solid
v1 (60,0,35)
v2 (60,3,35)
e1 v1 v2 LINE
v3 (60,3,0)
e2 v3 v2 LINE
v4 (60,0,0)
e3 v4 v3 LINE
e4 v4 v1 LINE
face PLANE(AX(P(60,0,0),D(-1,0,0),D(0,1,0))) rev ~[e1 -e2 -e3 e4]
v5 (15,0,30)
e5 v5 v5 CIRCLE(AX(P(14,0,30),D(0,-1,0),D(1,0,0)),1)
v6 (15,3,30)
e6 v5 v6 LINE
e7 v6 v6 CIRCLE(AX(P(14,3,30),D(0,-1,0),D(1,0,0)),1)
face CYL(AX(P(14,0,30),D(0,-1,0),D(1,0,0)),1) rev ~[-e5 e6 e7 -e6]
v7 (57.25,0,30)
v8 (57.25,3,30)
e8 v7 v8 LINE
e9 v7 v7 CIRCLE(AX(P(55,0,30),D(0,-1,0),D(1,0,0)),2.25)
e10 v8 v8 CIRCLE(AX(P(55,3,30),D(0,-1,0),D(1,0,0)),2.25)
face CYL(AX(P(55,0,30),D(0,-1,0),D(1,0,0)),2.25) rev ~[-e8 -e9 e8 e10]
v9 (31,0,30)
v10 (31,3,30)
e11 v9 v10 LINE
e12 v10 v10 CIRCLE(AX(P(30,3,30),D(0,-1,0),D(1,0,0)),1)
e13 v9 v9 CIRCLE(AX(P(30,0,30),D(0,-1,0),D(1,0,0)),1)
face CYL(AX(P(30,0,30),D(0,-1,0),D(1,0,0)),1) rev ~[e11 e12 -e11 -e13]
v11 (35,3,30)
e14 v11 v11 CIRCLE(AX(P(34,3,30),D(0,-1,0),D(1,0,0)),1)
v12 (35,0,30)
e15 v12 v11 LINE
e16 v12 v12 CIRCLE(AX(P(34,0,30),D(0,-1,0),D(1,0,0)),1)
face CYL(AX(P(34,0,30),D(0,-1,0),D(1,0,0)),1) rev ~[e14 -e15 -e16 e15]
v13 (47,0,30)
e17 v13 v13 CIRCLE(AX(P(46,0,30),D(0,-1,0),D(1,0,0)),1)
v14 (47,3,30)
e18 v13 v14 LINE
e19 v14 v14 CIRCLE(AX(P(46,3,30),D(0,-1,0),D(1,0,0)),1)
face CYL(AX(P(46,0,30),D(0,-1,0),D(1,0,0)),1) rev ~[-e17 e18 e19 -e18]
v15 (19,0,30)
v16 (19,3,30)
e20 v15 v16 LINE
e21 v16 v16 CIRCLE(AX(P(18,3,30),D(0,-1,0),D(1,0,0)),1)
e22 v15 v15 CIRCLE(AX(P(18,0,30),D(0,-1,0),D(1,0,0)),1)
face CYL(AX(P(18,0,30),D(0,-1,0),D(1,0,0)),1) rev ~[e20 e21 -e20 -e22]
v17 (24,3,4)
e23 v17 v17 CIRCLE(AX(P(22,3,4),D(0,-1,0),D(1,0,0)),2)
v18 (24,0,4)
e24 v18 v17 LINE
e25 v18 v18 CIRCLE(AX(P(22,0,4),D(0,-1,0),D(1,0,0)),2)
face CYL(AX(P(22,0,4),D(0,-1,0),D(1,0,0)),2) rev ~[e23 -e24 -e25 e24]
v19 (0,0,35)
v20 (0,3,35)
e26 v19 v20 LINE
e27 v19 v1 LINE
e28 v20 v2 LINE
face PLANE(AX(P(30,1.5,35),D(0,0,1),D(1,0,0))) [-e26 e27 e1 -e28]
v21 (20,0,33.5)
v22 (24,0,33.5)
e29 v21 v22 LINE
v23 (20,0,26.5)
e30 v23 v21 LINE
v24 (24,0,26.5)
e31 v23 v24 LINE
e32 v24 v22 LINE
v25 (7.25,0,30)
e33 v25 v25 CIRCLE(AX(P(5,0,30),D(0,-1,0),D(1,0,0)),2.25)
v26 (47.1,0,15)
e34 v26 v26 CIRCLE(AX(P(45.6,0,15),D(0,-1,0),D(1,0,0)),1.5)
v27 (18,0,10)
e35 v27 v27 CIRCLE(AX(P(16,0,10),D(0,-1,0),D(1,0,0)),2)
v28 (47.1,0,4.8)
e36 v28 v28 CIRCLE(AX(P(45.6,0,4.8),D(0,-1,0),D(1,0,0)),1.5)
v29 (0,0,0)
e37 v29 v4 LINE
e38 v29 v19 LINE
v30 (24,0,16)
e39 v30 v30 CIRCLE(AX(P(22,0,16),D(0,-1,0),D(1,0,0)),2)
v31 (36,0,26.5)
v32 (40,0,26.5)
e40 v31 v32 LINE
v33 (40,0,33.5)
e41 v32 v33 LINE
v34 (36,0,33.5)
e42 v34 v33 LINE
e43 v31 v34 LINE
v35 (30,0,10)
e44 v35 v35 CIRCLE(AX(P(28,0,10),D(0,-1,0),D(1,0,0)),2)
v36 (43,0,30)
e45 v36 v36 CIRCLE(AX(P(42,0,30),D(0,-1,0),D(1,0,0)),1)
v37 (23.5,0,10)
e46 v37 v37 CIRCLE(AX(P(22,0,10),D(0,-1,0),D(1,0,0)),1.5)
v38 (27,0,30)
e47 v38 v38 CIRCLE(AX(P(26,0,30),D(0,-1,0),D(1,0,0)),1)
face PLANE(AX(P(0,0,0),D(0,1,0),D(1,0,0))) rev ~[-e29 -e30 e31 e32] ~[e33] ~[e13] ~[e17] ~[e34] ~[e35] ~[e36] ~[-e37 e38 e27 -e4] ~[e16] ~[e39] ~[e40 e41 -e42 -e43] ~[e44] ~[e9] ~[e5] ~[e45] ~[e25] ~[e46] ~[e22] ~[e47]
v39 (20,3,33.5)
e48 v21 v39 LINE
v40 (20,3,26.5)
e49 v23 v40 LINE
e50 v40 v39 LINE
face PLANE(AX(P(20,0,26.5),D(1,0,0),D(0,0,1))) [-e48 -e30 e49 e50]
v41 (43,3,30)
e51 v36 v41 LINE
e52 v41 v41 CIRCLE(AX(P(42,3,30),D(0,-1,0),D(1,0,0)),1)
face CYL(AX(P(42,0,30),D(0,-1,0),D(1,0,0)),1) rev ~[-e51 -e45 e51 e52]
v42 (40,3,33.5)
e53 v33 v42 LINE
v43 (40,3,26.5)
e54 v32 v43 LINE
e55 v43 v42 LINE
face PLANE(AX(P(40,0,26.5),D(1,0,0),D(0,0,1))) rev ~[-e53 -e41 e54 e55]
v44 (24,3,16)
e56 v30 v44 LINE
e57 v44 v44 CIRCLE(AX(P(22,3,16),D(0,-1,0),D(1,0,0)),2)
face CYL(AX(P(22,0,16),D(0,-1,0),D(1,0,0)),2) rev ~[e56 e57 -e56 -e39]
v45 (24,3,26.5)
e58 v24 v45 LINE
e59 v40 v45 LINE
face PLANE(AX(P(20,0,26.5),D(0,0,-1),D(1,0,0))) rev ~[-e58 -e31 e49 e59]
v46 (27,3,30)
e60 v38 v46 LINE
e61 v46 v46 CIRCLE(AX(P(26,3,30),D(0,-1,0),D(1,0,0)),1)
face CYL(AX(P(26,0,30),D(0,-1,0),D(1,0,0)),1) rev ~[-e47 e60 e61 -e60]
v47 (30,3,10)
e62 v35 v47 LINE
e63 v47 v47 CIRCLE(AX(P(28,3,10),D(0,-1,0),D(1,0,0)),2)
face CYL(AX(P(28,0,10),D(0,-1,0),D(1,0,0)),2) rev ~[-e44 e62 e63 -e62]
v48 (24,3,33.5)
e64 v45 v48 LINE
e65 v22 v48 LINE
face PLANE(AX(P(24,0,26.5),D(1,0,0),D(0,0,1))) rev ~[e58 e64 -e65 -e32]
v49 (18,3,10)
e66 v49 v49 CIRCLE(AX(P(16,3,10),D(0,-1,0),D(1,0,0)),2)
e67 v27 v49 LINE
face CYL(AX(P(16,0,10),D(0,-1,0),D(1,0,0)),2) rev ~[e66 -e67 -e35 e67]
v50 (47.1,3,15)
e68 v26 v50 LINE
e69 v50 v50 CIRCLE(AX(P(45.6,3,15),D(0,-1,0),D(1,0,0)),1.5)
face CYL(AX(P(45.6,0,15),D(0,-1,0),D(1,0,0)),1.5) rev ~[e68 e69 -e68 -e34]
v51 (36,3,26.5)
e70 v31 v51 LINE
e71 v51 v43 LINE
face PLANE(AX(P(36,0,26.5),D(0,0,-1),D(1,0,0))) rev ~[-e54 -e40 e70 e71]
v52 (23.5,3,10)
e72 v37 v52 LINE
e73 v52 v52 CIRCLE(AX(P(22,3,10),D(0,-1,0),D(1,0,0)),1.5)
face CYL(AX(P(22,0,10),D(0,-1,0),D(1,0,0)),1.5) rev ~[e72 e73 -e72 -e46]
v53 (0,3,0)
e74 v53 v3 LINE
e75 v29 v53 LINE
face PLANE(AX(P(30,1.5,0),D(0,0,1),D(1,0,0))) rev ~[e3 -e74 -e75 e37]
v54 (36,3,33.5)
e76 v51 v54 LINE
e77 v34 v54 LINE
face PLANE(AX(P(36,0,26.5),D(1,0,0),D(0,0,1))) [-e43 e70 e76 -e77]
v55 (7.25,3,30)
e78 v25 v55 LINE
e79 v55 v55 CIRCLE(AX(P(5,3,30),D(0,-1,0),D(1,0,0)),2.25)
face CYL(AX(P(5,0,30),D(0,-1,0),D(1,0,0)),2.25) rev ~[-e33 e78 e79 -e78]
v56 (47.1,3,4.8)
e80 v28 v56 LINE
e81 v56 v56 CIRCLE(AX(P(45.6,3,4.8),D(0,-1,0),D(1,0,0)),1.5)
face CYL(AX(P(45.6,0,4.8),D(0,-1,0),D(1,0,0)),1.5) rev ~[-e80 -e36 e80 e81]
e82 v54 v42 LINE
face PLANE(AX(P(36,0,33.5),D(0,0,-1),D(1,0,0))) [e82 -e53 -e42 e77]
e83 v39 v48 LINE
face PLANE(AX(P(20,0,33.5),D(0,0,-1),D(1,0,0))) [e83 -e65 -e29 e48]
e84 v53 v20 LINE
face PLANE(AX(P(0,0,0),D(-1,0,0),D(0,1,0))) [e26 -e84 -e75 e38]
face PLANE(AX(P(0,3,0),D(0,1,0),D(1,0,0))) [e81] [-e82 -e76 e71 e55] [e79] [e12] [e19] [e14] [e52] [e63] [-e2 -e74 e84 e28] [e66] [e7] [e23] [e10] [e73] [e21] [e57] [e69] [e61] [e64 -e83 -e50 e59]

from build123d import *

# Parameters (mm, degrees)
SKETCH_W      = 60
SKETCH_H      = 3
PAD_DEPTH     = 35
SKETCH001_R   = 1.5
SKETCH001_R_2 = 2
SKETCH001_R_3 = 2.25
SKETCH001_R_4 = 1
SKETCH001_W   = 4
SKETCH001_H   = 7
POCKET_DEPTH  = 3


with BuildPart() as part:
    # Sketch → Pad (new body)
    with BuildSketch(Plane.XY):
        with Locations((30, 1.5)):
            Rectangle(SKETCH_W, SKETCH_H)
    extrude(amount=PAD_DEPTH)

    # Sketch001 → Pocket (cut)
    with BuildSketch(Plane.XZ):
        with Locations((22, 10)):
            Circle(SKETCH001_R)
        with Locations((28, 10)):
            Circle(SKETCH001_R_2)
        with Locations((22, 16)):
            Circle(SKETCH001_R_2)
        with Locations((16, 10)):
            Circle(SKETCH001_R_2)
        with Locations((22, 4)):
            Circle(SKETCH001_R_2)
        with Locations((5, 30)):
            Circle(SKETCH001_R_3)
        with Locations((55, 30)):
            Circle(SKETCH001_R_3)
        with Locations((14, 30)):
            Circle(SKETCH001_R_4)
        with Locations((18, 30)):
            Circle(SKETCH001_R_4)
        with Locations((26, 30)):
            Circle(SKETCH001_R_4)
        with Locations((30, 30)):
            Circle(SKETCH001_R_4)
        with Locations((34, 30)):
            Circle(SKETCH001_R_4)
        with Locations((42, 30)):
            Circle(SKETCH001_R_4)
        with Locations((46, 30)):
            Circle(SKETCH001_R_4)
        with Locations((45.6, 15)):
            Circle(SKETCH001_R)
        with Locations((45.6, 4.8)):
            Circle(SKETCH001_R)
        with Locations((22, 30)):
            Rectangle(SKETCH001_W, SKETCH001_H)
        with Locations((38, 30)):
            Rectangle(SKETCH001_W, SKETCH001_H)
    extrude(amount=-POCKET_DEPTH, mode=Mode.SUBTRACT)


solid = part.part
